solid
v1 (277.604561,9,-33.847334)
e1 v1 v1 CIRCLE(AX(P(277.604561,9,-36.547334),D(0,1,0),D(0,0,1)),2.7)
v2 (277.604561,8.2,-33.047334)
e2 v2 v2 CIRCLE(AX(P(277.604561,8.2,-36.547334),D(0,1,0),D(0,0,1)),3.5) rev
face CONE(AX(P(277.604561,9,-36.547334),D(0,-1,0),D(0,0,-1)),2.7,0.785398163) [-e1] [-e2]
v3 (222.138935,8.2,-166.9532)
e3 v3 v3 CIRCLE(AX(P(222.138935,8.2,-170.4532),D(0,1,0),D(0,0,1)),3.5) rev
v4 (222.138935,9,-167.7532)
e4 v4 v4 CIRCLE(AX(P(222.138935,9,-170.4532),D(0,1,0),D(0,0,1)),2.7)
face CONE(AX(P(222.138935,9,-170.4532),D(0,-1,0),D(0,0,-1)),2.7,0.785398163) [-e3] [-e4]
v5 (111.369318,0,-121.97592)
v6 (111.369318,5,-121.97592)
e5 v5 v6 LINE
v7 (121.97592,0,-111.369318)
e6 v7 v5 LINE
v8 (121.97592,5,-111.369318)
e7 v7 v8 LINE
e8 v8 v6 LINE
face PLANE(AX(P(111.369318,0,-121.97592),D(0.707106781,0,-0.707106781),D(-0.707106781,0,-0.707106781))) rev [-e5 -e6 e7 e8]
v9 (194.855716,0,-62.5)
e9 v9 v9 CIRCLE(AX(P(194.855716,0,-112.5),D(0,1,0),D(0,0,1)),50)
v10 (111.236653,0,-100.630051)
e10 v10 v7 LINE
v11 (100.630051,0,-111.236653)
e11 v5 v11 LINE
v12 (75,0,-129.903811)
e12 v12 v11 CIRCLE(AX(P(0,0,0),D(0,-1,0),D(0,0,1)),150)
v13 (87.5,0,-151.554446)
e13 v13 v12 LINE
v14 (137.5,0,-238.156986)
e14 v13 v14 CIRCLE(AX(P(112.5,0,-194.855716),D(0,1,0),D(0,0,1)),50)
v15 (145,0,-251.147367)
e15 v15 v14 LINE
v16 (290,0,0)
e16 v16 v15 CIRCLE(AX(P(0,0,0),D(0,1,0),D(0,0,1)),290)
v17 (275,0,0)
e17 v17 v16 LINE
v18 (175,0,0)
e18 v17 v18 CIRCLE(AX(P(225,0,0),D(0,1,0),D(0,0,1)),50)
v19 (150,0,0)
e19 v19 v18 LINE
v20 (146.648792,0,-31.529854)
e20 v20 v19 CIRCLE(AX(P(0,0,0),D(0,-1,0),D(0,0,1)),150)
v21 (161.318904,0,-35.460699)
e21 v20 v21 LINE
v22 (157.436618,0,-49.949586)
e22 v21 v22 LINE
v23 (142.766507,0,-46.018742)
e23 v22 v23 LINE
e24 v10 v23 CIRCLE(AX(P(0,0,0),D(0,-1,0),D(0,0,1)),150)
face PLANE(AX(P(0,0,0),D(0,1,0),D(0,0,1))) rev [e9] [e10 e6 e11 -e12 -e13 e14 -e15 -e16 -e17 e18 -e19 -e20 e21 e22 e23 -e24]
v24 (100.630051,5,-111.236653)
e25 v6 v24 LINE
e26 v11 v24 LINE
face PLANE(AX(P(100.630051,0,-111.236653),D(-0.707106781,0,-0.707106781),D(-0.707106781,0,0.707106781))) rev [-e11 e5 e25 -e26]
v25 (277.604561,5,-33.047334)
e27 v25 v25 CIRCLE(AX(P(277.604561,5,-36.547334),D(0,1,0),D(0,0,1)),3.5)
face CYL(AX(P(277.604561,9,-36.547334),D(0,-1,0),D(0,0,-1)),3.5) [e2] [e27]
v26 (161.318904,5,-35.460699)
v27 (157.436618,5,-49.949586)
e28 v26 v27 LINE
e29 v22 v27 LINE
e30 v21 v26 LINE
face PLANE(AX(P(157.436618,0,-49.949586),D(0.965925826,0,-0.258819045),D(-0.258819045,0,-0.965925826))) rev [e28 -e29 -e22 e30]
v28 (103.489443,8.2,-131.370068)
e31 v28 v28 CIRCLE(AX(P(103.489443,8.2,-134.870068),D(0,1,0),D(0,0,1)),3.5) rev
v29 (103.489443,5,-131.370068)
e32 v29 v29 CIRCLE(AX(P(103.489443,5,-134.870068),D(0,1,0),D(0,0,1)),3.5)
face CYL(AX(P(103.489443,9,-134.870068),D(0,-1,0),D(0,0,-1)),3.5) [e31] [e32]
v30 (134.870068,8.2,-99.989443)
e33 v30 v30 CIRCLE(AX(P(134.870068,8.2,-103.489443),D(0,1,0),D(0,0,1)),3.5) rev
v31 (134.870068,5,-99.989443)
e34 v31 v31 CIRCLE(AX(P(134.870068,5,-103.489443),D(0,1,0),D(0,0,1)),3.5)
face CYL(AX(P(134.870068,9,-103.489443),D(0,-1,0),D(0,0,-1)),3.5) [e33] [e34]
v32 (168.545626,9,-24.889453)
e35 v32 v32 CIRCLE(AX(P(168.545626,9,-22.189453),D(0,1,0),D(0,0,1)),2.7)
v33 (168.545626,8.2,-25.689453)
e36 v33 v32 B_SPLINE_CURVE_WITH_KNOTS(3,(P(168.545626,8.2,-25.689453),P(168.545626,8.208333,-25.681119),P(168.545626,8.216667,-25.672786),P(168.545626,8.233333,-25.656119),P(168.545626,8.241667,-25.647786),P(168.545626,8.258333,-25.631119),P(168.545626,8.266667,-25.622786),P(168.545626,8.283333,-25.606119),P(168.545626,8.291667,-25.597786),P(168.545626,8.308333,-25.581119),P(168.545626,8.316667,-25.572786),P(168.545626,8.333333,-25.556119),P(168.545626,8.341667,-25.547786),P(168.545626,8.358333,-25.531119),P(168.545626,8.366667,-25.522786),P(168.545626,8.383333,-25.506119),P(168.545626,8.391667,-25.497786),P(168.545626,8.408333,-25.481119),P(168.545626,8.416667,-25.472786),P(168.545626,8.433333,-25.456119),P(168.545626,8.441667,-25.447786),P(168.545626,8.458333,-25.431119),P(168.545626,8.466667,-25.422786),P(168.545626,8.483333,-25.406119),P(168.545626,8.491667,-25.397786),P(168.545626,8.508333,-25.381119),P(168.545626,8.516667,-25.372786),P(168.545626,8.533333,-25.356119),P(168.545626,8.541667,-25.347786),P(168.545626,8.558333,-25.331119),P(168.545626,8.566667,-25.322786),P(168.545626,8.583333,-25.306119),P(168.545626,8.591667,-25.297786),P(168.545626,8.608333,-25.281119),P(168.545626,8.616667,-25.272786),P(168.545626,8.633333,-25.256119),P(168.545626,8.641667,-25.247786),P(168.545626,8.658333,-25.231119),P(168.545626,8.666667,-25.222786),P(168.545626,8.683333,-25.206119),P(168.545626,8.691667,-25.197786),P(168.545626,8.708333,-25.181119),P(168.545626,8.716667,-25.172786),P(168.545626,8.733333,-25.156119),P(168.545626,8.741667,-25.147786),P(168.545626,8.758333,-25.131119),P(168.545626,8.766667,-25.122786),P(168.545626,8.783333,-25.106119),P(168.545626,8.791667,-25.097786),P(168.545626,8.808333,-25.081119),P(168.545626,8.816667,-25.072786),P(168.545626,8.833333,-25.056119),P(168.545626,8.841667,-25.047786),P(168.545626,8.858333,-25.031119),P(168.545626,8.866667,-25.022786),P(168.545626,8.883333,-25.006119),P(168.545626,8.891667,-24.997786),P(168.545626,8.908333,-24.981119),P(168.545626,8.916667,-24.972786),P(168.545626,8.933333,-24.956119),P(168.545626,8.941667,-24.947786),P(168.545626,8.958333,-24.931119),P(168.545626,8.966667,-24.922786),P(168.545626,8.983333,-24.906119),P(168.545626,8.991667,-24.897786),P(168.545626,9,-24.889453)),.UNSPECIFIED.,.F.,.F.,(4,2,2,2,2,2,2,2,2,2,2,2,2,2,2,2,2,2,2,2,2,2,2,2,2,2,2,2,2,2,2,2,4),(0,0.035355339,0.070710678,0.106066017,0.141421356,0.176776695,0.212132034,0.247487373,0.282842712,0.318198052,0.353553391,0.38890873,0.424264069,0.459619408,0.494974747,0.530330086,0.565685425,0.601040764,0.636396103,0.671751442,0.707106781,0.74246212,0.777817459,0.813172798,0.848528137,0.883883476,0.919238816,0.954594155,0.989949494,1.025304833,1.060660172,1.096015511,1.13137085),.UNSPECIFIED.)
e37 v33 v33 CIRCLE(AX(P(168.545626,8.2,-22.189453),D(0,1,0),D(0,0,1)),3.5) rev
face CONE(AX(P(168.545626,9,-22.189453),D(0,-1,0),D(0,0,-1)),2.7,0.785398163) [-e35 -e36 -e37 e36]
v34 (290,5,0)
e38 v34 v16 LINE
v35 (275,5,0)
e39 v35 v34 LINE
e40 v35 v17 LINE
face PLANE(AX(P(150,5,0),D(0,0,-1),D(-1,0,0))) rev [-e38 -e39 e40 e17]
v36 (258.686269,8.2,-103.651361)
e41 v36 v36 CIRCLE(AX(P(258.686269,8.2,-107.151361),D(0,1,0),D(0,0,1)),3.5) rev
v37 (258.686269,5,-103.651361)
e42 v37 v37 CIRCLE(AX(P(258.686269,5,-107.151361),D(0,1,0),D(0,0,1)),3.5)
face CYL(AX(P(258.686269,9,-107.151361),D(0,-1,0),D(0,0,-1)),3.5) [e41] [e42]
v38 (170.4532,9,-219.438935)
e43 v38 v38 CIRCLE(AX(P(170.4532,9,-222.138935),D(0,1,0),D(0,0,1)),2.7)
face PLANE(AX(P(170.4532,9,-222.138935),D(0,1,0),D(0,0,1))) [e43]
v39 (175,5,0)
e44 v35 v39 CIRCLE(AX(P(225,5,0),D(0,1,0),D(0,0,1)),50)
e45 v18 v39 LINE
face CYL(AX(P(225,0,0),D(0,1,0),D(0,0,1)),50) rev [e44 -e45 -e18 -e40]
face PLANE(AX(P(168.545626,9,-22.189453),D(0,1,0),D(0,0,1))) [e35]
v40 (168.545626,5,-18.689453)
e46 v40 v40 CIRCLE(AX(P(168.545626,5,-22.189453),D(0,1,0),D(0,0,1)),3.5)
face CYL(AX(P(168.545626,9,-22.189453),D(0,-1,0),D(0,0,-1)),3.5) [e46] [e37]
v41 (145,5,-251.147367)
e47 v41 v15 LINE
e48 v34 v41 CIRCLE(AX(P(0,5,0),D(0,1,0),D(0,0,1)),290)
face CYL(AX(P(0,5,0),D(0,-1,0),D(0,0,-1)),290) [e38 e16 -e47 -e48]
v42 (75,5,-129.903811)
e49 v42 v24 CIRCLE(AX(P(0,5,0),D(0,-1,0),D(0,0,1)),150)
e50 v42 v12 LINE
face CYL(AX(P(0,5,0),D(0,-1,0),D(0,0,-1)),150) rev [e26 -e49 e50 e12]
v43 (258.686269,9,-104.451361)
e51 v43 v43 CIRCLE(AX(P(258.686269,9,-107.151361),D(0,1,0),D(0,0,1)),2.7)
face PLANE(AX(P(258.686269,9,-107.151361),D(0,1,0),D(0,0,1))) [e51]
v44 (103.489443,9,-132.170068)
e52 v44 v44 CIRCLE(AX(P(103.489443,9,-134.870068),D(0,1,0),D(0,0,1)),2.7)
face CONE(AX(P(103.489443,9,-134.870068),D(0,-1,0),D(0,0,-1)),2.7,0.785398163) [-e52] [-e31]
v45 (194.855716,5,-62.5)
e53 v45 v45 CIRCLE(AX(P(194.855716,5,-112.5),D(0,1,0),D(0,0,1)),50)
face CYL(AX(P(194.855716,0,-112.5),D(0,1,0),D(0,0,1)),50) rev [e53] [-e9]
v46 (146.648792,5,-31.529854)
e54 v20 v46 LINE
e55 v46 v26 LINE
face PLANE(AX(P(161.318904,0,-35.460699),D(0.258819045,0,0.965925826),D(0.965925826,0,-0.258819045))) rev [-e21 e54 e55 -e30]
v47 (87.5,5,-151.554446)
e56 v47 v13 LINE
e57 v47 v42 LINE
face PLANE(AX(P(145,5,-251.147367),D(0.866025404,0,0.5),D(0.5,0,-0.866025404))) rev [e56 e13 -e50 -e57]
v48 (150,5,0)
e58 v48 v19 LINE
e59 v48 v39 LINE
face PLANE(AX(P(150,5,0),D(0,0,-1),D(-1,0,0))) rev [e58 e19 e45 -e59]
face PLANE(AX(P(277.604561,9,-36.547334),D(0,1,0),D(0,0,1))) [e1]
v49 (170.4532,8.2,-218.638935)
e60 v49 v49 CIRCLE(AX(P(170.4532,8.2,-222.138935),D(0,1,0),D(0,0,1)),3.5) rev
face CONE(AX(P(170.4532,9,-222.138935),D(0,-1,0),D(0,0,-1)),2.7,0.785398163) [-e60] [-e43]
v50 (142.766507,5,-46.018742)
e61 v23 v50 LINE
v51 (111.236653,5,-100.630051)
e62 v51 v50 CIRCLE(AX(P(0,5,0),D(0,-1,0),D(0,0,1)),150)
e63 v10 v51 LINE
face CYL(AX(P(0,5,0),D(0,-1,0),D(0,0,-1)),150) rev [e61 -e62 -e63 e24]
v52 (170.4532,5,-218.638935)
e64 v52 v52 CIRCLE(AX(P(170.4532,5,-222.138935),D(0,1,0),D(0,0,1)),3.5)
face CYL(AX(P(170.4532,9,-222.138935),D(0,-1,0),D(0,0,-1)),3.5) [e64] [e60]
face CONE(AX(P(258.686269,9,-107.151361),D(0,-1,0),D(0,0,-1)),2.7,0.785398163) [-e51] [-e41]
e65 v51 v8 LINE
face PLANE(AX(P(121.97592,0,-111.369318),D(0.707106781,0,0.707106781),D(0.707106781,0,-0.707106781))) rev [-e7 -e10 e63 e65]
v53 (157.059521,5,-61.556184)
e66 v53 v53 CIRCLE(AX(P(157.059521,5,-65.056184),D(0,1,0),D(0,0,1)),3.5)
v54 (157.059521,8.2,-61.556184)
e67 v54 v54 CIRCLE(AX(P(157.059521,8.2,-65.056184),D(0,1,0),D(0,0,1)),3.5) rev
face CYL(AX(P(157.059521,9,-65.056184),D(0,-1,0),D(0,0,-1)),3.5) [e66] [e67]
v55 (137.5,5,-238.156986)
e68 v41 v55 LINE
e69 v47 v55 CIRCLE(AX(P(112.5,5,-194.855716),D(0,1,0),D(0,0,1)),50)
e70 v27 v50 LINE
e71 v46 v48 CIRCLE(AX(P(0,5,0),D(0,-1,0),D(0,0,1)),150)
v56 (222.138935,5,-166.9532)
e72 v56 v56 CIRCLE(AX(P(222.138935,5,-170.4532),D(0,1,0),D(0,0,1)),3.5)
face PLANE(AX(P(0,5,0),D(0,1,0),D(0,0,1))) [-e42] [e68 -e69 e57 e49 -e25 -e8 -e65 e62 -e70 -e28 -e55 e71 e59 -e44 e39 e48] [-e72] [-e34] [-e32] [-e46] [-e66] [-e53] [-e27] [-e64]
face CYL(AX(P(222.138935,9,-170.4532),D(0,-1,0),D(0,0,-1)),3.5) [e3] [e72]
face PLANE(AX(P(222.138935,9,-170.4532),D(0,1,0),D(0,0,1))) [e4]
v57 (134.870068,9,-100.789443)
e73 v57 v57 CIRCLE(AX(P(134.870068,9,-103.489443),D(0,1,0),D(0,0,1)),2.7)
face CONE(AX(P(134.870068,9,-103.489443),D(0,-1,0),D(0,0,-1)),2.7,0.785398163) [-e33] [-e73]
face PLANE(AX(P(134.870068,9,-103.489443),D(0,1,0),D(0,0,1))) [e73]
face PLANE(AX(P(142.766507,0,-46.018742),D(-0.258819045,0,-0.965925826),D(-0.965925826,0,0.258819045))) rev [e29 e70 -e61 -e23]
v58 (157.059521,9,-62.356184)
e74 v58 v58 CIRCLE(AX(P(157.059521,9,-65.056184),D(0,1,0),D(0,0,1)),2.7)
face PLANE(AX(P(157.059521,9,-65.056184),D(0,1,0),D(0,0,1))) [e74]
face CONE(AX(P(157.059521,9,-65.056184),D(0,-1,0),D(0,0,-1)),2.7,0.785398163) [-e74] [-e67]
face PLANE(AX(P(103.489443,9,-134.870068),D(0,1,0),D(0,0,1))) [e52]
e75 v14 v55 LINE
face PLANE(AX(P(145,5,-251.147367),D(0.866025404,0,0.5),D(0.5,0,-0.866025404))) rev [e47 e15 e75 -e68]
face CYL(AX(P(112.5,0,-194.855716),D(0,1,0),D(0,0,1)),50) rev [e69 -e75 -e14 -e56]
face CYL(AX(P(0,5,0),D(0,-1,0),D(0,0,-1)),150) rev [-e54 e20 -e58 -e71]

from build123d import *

# Parameters (mm, degrees)
AUFSATZ_LINEAR_AUSTRAGEN1_DEPTH = 5
SKIZZE2_R                       = 50
SCHNITT_LINEAR_AUSTRAGEN1_DEPTH = 384.666521865
SKIZZE3_R                       = 3.5
AUFSATZ_LINEAR_AUSTRAGEN2_DEPTH = 4
FASE1_SIZE                      = 0.8
SCHNITT_LINEAR_AUSTRAGEN2_DEPTH = 384.666521865


with BuildPart() as part:
    # Skizze1 → Aufsatz-Linear austragen1 (new body)
    with BuildSketch(Plane(origin=(0, 0, 0), x_dir=(1, 0, 0), z_dir=(0, 1, 0))):
        with BuildLine():
            Line((150, 0), (290, 0))
            ThreePointArc((290, 0), (251.147367097, 145), (145, 251.147367097))
            Line((145, 251.147367097), (75, 129.903810568))
            ThreePointArc((75, 129.903810568), (129.903810568, 75), (150, 0))
        make_face()
    extrude(amount=AUFSATZ_LINEAR_AUSTRAGEN1_DEPTH)

    # Skizze2 → Schnitt-Linear austragen1 (cut, through all)
    with BuildSketch(Plane(origin=(0, 5, 0), x_dir=(1, 0, 0), z_dir=(0, 1, 0))):
        with Locations((112.5, 194.855715851)):
            Circle(SKIZZE2_R)
        with Locations(Location((194.855715851, 112.5, 0), (0, 0, 270))):
            Circle(SKIZZE2_R)
        with Locations((225, 0)):
            Circle(SKIZZE2_R)
    extrude(amount=-SCHNITT_LINEAR_AUSTRAGEN1_DEPTH, mode=Mode.SUBTRACT)

    # Skizze3 → Aufsatz-Linear austragen2 (add)
    with BuildSketch(Plane(origin=(0, 5, 0), x_dir=(1, 0, 0), z_dir=(0, 1, 0))):
        with Locations(Location((168.545626434, 22.189452677, 0), (0, 0, 270))):
            Circle(SKIZZE3_R)
        with Locations(Location((277.604561185, 36.547333822, 0), (0, 0, 270))):
            Circle(SKIZZE3_R)
        with Locations(Location((157.059520527, 65.056183502, 0), (0, 0, 270))):
            Circle(SKIZZE3_R)
        with Locations(Location((134.87006785, 103.489442931, 0), (0, 0, 270))):
            Circle(SKIZZE3_R)
        with Locations(Location((103.489442931, 134.87006785, 0), (0, 0, 270))):
            Circle(SKIZZE3_R)
        with Locations(Location((170.453200122, 222.138935282, 0), (0, 0, 270))):
            Circle(SKIZZE3_R)
        with Locations(Location((222.138935282, 170.453200122, 0), (0, 0, 270))):
            Circle(SKIZZE3_R)
        with Locations(Location((258.686269103, 107.151361062, 0), (0, 0, 270))):
            Circle(SKIZZE3_R)
    extrude(amount=AUFSATZ_LINEAR_AUSTRAGEN2_DEPTH)

    # Fase1
    fase1_edges = [part.edges().sort_by_distance(p)[0] for p in [
        (168.545626434, 9, -25.689452677),
        (277.604561185, 9, -40.047333822),
        (157.059520527, 9, -68.556183502),
        (134.87006785, 9, -106.989442931),
        (103.489442931, 9, -138.37006785),
        (170.453200122, 9, -225.638935282),
        (222.138935282, 9, -173.953200122),
        (258.686269103, 9, -110.651361062),
    ]]
    chamfer(fase1_edges, length=FASE1_SIZE)

    # Skizze4 → Schnitt-Linear austragen2 (cut, through all)
    with BuildSketch(Plane(origin=(0, 5, 0), x_dir=(1, 0, 0), z_dir=(0, 1, 0))):
        with BuildLine():
            Line((100.63005083, 111.236652548), (111.369318037, 121.975919755))
            Line((111.369318037, 121.975919755), (121.975919755, 111.369318037))
            Line((121.975919755, 111.369318037), (111.236652548, 100.63005083))
            ThreePointArc((111.236652548, 100.63005083), (106.066017178, 106.066017178), (100.63005083, 111.236652548))
        make_face()
        with BuildLine():
            Line((142.766506677, 46.018741523), (157.436618499, 49.949586139))
            Line((157.436618499, 49.949586139), (161.318904176, 35.460698745))
            Line((161.318904176, 35.460698745), (146.648792353, 31.529854129))
            ThreePointArc((146.648792353, 31.529854129), (144.888873943, 38.822856765), (142.766506677, 46.018741523))
        make_face()
    extrude(amount=-SCHNITT_LINEAR_AUSTRAGEN2_DEPTH, mode=Mode.SUBTRACT)


solid = part.part
